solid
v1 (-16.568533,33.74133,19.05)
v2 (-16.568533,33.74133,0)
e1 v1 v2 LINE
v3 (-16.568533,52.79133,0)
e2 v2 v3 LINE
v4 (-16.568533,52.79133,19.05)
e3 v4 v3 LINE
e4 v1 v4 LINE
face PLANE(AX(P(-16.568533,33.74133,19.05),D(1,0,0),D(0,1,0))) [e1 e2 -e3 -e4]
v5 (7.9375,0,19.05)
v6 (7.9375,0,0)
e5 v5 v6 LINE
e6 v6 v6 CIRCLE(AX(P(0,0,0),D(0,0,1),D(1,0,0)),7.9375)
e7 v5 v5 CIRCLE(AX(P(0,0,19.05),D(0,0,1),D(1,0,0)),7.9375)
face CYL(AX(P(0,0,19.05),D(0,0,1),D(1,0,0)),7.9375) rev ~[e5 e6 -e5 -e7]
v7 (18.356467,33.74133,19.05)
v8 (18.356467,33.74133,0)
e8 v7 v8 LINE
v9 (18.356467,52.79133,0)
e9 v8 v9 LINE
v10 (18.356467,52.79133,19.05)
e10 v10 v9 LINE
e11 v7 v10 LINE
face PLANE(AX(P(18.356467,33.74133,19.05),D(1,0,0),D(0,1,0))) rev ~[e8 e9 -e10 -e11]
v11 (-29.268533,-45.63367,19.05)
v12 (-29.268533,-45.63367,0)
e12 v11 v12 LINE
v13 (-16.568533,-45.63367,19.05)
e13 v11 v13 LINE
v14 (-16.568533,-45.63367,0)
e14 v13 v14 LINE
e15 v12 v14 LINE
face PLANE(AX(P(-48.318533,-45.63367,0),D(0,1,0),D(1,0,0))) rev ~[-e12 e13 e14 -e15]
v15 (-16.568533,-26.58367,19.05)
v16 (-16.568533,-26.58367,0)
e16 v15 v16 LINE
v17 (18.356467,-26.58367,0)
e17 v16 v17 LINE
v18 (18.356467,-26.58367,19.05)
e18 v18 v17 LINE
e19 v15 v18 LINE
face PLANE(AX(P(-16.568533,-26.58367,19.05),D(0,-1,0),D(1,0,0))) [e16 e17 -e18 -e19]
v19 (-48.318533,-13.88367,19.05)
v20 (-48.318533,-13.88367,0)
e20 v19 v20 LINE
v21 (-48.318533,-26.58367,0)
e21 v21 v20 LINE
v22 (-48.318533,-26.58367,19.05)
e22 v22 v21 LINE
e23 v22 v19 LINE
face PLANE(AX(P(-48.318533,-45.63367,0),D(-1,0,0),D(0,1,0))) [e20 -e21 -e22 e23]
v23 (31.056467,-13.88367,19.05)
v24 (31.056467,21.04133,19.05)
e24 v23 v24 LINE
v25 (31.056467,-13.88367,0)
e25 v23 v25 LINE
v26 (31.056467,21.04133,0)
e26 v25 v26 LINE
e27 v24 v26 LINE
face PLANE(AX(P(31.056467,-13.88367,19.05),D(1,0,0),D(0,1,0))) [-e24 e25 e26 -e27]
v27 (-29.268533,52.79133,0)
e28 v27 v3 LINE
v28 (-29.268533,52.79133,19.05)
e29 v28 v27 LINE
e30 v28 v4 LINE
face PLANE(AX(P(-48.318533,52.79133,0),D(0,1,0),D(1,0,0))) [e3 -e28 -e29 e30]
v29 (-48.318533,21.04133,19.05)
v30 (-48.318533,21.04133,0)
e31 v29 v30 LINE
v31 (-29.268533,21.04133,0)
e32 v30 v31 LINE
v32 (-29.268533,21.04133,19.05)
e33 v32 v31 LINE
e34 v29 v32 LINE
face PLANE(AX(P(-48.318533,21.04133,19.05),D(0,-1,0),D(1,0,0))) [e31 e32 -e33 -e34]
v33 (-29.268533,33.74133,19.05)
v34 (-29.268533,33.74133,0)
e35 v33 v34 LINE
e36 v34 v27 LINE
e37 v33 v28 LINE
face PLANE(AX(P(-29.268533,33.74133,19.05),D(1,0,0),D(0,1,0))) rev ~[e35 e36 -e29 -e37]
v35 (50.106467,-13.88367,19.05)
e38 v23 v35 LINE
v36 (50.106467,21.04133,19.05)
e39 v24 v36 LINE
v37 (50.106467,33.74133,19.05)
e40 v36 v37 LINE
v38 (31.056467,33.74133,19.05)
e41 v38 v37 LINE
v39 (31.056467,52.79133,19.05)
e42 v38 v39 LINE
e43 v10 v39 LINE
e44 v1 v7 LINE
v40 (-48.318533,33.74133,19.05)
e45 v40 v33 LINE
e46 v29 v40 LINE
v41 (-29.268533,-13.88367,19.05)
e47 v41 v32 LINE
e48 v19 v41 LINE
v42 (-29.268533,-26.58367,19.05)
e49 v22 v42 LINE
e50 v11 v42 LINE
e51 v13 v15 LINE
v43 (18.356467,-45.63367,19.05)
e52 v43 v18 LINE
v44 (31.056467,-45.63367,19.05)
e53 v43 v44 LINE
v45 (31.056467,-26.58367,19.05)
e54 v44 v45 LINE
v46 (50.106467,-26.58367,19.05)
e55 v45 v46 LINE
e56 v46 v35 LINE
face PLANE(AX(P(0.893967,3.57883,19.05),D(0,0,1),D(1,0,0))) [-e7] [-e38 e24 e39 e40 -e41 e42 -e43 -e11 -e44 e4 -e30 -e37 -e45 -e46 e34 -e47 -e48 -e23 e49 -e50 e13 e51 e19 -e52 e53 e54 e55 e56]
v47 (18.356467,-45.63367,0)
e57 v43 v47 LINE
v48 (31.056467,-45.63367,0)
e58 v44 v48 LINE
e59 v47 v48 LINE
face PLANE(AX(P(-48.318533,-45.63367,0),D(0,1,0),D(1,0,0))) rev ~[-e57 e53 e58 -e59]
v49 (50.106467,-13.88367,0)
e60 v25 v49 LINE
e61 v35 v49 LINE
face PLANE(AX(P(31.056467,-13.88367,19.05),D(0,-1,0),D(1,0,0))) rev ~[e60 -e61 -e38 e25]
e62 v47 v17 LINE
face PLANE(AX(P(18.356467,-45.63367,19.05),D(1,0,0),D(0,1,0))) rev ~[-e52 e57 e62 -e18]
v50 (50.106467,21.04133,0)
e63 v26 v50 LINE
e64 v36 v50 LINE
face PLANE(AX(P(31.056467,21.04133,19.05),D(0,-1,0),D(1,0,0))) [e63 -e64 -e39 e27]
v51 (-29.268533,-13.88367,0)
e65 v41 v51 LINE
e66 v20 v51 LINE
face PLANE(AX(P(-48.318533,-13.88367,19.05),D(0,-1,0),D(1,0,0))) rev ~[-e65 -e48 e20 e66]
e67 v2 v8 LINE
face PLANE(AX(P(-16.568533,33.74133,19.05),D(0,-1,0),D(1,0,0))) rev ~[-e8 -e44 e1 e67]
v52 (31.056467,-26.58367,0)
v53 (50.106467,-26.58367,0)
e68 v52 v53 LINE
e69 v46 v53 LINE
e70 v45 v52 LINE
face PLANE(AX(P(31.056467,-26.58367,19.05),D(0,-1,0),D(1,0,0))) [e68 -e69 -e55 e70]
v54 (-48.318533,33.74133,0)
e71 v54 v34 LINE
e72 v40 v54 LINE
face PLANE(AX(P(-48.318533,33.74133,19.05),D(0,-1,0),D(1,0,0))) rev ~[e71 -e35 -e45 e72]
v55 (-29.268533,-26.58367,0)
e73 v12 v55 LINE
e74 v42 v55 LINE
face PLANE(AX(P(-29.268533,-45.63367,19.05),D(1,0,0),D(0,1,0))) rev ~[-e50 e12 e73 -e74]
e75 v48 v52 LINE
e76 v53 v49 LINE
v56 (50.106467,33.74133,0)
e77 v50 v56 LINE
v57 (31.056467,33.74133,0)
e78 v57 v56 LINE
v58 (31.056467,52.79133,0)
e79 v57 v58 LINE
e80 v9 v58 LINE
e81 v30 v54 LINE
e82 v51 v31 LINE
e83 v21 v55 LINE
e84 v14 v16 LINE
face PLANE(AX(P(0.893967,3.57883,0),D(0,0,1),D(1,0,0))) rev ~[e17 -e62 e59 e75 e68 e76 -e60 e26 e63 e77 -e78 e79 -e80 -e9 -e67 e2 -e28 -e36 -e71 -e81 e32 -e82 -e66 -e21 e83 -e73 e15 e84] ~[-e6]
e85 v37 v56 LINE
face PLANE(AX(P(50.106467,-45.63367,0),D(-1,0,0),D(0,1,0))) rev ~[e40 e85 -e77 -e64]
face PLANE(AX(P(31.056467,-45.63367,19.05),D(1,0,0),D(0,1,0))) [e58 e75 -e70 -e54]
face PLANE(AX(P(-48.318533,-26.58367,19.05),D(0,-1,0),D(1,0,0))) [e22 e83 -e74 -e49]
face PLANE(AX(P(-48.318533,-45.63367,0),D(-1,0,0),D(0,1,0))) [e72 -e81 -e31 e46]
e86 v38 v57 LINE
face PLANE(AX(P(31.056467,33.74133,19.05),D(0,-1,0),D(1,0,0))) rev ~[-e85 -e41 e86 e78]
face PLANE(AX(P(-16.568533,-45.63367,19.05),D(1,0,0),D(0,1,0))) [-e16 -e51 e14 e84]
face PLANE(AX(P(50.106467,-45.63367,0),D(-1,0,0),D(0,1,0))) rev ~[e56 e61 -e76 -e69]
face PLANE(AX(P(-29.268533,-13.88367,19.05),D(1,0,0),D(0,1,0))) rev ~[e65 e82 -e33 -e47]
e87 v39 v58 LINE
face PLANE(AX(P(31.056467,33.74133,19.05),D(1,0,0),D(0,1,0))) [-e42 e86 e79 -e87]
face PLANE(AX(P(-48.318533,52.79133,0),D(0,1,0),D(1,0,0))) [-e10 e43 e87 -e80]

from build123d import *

# Parameters (mm, degrees)
F0_W     = 98.425
F0_H     = 98.425
F1_DEPTH = 19.05
F2_W     = 19.05
F2_H     = 19.05
F2_H_2   = 34.925
F2_W_2   = 34.925
F3_DEPTH = 19.051
F4_R     = 7.9375
F5_DEPTH = 19.051


with BuildPart() as f1:
    # F0 (on Top) → F1 (new body)
    with BuildSketch(Plane.XY):
        with Locations((0.8939672261, 3.5788302732)):
            Rectangle(F0_W, F0_H)
    extrude(amount=F1_DEPTH)

    # F2 (on face) → F3 (cut, through all)
    with BuildSketch(Plane.XY.offset(19.05)):
        with Locations((-38.7935327739, 43.2663302732)):
            Rectangle(F2_W, F2_H)
        with Locations((40.5814672261, 43.2663302732)):
            Rectangle(F2_W, F2_H)
        with Locations((-38.7935327739, -36.1086697268)):
            Rectangle(F2_W, F2_H)
        with Locations((40.5814672261, -36.1086697268)):
            Rectangle(F2_W, F2_H)
        with Locations((40.5814672261, 3.5788302732)):
            Rectangle(F2_W, F2_H_2)
        with Locations((-38.7935327739, 3.5788302732)):
            Rectangle(F2_W, F2_H_2)
        with Locations((0.8939672261, 43.2663302732)):
            Rectangle(F2_W_2, F2_H)
        with Locations((0.8939672261, -36.1086697268)):
            Rectangle(F2_W_2, F2_H)
    extrude(amount=-F3_DEPTH, mode=Mode.SUBTRACT)

    # F4 (on face) → F5 (cut, through all)
    with BuildSketch(Plane.XY.offset(19.05)):
        Circle(F4_R)
    extrude(amount=-F5_DEPTH, mode=Mode.SUBTRACT)


solid = f1.part
